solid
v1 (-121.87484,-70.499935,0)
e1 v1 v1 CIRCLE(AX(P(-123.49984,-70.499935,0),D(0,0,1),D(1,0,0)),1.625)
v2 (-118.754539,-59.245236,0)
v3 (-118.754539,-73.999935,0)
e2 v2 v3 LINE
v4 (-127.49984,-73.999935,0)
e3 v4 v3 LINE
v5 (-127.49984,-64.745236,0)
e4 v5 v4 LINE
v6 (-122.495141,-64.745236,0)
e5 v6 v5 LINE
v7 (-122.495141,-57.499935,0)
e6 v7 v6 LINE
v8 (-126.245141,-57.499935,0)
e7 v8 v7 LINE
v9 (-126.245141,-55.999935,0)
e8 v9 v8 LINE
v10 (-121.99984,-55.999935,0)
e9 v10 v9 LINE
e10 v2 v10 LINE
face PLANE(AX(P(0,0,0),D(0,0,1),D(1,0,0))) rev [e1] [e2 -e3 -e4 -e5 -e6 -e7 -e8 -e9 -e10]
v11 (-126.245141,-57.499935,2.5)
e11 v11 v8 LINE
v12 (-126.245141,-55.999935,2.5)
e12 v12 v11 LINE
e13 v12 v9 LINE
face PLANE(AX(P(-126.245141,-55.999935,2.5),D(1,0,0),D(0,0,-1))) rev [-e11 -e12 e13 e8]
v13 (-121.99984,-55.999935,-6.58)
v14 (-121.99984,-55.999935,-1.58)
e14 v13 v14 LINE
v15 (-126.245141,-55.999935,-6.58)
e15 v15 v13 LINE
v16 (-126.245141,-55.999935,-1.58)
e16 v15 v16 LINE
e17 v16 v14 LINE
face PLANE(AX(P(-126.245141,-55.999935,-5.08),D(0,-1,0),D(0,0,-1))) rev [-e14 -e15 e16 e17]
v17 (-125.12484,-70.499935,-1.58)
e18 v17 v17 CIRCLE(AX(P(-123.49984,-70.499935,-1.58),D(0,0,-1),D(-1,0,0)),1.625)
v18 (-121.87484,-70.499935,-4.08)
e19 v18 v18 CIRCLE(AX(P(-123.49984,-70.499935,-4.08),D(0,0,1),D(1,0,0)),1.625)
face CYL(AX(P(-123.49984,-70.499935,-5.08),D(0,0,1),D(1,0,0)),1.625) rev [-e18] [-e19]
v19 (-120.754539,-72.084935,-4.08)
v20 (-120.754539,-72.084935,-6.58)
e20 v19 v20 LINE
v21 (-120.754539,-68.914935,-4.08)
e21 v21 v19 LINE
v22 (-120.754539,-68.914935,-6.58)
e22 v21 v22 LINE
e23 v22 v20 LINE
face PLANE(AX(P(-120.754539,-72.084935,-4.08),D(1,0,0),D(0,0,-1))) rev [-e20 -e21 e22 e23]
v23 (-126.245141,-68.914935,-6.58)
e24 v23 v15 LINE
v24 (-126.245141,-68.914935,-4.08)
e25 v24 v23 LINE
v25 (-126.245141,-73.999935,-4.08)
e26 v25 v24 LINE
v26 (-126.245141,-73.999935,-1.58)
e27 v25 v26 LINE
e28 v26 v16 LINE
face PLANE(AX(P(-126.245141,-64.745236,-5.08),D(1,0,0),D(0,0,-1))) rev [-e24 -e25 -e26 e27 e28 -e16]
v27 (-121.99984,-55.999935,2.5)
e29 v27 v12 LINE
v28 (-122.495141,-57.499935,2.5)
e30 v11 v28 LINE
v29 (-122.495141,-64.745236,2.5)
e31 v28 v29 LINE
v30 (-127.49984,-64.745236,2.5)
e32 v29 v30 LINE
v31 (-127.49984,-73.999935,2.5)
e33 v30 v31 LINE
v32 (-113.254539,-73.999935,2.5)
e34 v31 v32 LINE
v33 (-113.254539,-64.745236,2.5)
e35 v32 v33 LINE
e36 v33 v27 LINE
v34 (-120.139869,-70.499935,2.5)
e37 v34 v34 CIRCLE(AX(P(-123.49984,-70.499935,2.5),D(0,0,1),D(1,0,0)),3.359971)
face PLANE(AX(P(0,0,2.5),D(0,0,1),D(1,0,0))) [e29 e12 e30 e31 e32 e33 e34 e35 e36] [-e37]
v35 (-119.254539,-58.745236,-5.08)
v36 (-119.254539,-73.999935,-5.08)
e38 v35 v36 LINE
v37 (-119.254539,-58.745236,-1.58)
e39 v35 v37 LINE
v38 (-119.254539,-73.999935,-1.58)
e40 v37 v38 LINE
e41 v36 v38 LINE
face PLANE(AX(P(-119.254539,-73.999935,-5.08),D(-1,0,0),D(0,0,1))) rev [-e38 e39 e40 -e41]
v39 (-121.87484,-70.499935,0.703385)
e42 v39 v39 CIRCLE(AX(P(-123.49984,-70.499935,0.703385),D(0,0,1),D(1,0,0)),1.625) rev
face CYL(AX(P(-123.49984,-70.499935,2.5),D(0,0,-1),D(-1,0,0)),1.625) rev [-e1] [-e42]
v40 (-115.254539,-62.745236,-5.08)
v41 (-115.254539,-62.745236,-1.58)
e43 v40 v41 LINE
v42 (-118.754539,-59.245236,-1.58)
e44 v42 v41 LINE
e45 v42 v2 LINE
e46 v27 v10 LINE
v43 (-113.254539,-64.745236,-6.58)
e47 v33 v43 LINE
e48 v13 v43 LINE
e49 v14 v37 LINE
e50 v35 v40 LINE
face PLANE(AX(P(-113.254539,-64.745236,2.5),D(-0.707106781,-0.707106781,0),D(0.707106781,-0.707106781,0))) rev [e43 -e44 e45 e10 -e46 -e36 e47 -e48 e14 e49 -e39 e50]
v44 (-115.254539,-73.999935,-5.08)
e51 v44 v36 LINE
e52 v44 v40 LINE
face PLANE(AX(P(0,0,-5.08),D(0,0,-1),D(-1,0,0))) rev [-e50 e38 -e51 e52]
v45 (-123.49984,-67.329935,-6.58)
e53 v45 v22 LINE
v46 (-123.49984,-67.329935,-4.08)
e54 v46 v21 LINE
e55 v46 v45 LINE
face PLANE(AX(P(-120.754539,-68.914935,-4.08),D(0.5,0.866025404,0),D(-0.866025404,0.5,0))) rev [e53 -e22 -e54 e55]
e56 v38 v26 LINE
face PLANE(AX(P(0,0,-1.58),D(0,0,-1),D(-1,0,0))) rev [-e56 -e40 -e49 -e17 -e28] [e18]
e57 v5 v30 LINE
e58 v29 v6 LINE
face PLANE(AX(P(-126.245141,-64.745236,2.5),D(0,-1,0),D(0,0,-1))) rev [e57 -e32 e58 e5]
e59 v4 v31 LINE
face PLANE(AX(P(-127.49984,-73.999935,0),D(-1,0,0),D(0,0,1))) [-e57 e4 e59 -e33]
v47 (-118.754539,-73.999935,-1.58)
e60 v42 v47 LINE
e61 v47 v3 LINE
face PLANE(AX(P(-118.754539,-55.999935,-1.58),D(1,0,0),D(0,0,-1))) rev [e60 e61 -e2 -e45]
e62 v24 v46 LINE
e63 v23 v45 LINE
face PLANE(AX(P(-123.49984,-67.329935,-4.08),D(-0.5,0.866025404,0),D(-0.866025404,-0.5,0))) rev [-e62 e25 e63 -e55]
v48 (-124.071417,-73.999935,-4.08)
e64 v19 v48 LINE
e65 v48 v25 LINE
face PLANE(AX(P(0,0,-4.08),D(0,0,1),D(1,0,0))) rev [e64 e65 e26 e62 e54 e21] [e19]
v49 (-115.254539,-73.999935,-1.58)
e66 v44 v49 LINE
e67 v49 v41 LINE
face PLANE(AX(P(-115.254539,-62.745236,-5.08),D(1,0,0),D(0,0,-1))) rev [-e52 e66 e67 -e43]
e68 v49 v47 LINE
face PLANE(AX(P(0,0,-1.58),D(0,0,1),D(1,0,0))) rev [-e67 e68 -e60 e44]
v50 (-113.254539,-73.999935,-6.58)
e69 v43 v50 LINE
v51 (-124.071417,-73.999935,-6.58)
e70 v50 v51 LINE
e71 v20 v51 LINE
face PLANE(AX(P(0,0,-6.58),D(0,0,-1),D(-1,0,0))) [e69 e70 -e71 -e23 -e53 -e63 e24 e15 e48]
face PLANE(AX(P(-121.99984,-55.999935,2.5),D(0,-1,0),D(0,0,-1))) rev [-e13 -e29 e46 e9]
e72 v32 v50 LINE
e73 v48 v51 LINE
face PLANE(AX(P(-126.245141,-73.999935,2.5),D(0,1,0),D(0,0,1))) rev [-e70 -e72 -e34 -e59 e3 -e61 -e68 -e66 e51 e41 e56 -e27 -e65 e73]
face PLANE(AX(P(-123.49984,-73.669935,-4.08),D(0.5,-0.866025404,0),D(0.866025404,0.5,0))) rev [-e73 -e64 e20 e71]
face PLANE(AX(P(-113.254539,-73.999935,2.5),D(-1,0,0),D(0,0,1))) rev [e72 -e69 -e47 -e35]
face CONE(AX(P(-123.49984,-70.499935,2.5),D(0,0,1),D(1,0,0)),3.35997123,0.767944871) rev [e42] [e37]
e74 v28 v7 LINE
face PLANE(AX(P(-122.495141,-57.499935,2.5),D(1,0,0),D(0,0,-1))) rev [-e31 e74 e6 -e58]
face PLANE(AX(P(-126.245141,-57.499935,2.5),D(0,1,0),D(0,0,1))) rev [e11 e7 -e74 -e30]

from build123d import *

# Parameters (mm, degrees)
CROQUIS1_R              = 1.625
SALIENTE_EXTRUIR1_DEPTH = 2.5
SALIENTE_EXTRUIR2_DEPTH = 1.58
SALIENTE_EXTRUIR3_START = 3.5
CROQUIS3_R              = 1.625
SALIENTE_EXTRUIR3_DEPTH = 3.5
SALIENTE_EXTRUIR4_START = 1.5
CROQUIS5_R              = 1.625
SALIENTE_EXTRUIR4_DEPTH = 1.5
CORTAR_EXTRUIR1_REACH   = 129.692
CROQUIS6_W              = 3.24530053
CROQUIS6_H              = 1.58
SALIENTE_EXTRUIR5_START = -2.5
CROQUIS7_W              = 1.25469947
CROQUIS7_H              = 9.25469947
SALIENTE_EXTRUIR5_DEPTH = 2.5
CROQUIS8_R              = 3.35997123
CORTAR_EXTRUIR2_DEPTH   = 1.8
CORTAR_EXTRUIR2_DRAFT   = -44
CORTAR_EXTRUIR3_DEPTH   = 2.5


with BuildPart() as part:
    # Croquis1 → Saliente-Extruir1 (new body)
    with BuildSketch(Plane.XY):
        Polygon((-126.24514053, -73.999935), (-113.25453947, -73.999935), (-113.25453947, -64.74523553), (-121.99984, -55.999935), (-126.24514053, -55.999935), (-126.24514053, -57.499935), (-122.49514053, -57.499935), (-122.49514053, -64.74523553), (-126.24514053, -64.74523553), align=None)
        with Locations((-123.49984, -70.499935)):
            Circle(CROQUIS1_R, mode=Mode.SUBTRACT)
    extrude(amount=SALIENTE_EXTRUIR1_DEPTH)

    # Croquis2 → Saliente-Extruir2 (add)
    with BuildSketch(Plane(origin=(0, 0, 0), x_dir=(-1, 0, 0), z_dir=(0, 0, -1))):
        Polygon((119.99984, -57.999935), (119.99984, -71.999935), (121.99984, -73.999935), (113.25453947, -73.999935), (113.25453947, -64.74523553), align=None)
    extrude(amount=SALIENTE_EXTRUIR2_DEPTH)

    # Croquis3 → Saliente-Extruir3 (add)
    # profile 1 of 2: a face of its own
    with BuildSketch(Plane(origin=(0, 0, -1.58), x_dir=(-1, 0, 0), z_dir=(0, 0, -1)).offset(SALIENTE_EXTRUIR3_START)):
        Polygon((113.25453947, -73.999935), (113.25453947, -64.74523553), (115.25453947, -62.74523553), (115.25453947, -73.999935), align=None)
    # profile 2 of 2: a face of its own
    with BuildSketch(Plane(origin=(0, 0, -1.58), x_dir=(-1, 0, 0), z_dir=(0, 0, -1)).offset(SALIENTE_EXTRUIR3_START)):
        Polygon((119.25453947, -73.999935), (121.99984, -73.999935), (126.24514053, -73.999935), (126.24514053, -64.74523553), (126.24514053, -55.999935), (121.99984, -55.999935), (119.99984, -57.999935), (119.25453947, -58.74523553), align=None)
        with Locations(Location((123.49984, -70.499935, 0), (0, 0, 180))):
            Circle(CROQUIS3_R, mode=Mode.SUBTRACT)
    extrude(amount=-SALIENTE_EXTRUIR3_DEPTH)

    # Croquis5 → Saliente-Extruir4 (add)
    with BuildSketch(Plane(origin=(0, 0, -5.08), x_dir=(-1, 0, 0), z_dir=(0, 0, -1)).offset(SALIENTE_EXTRUIR4_START)):
        Polygon((113.25453947, -73.999935), (126.24514053, -73.999935), (126.24514053, -55.999935), (121.99984, -55.999935), (113.25453947, -64.74523553), align=None)
        with Locations(Location((123.49984, -70.499935, 0), (0, 0, 180))):
            Circle(CROQUIS5_R, mode=Mode.SUBTRACT)
    extrude(amount=-SALIENTE_EXTRUIR4_DEPTH)

    # Cortar-Extruir1: up to this plane
    cortar_extruir1_end = Plane(origin=(-113.25453947, -64.74523553, 2.5), z_dir=(-0.7071067811865476, -0.7071067811865476, 0))
    # Croquis6 → Cortar-Extruir1 (cut, up to the surface)
    with BuildSketch(Plane.XZ.offset(73.999935), mode=Mode.PRIVATE) as cortar_extruir1_sk1:
        with Locations((-120.377189735, -0.79)):
            Rectangle(CROQUIS6_W, CROQUIS6_H)
    cortar_extruir1_tool1 = split(extrude(cortar_extruir1_sk1.sketch, amount=-CORTAR_EXTRUIR1_REACH, mode=Mode.PRIVATE), bisect_by=cortar_extruir1_end, keep=Keep.BOTH, mode=Mode.PRIVATE)
    add(cortar_extruir1_tool1.solids().sort_by_distance((-120.37719, -73.999935, -0.79))[0], mode=Mode.SUBTRACT)

    # Croquis7 → Saliente-Extruir5 (add)
    with BuildSketch(Plane.XY.offset(2.5).offset(SALIENTE_EXTRUIR5_START)):
        with Locations((-126.872490265, -69.372585265)):
            Rectangle(CROQUIS7_W, CROQUIS7_H)
    extrude(amount=SALIENTE_EXTRUIR5_DEPTH)


with BuildPart() as cortar_extruir2_tool:
    # Croquis8 → Cortar-Extruir2 (with draft: the straight prism first)
    with BuildSketch(Plane.XY.offset(2.5)):
        with Locations((-123.49984, -70.499935)):
            Circle(CROQUIS8_R)
    extrude(amount=-CORTAR_EXTRUIR2_DEPTH)
    # Cortar-Extruir2: the draft: its side faces are tilted about the plane it starts from
    cortar_extruir2_sides = [cortar_extruir2_tool.faces().sort_by_distance(p)[0] for p in [
        (-126.85981123, -70.499935, 1.6),
    ]]
    draft(cortar_extruir2_sides, Plane.XY.offset(2.5), CORTAR_EXTRUIR2_DRAFT)


with BuildPart() as part_1:
    add(part.part)

    # Cortar-Extruir2: cut by cortar_extruir2_tool
    add(cortar_extruir2_tool.part, mode=Mode.SUBTRACT)

    # Croquis9 → Cortar-Extruir3 (cut)
    with BuildSketch(Plane(origin=(0, 0, -6.58), x_dir=(-1, 0, 0), z_dir=(0, 0, -1))):
        Polygon((120.75453947, -72.084935), (123.49984, -73.669935), (124.071416766, -73.999935), (126.24514053, -73.999935), (126.24514053, -72.084935), (126.24514053, -68.914935), (123.49984, -67.329935), (120.75453947, -68.914935), align=None)
    extrude(amount=-CORTAR_EXTRUIR3_DEPTH, mode=Mode.SUBTRACT)


solid = part_1.part
